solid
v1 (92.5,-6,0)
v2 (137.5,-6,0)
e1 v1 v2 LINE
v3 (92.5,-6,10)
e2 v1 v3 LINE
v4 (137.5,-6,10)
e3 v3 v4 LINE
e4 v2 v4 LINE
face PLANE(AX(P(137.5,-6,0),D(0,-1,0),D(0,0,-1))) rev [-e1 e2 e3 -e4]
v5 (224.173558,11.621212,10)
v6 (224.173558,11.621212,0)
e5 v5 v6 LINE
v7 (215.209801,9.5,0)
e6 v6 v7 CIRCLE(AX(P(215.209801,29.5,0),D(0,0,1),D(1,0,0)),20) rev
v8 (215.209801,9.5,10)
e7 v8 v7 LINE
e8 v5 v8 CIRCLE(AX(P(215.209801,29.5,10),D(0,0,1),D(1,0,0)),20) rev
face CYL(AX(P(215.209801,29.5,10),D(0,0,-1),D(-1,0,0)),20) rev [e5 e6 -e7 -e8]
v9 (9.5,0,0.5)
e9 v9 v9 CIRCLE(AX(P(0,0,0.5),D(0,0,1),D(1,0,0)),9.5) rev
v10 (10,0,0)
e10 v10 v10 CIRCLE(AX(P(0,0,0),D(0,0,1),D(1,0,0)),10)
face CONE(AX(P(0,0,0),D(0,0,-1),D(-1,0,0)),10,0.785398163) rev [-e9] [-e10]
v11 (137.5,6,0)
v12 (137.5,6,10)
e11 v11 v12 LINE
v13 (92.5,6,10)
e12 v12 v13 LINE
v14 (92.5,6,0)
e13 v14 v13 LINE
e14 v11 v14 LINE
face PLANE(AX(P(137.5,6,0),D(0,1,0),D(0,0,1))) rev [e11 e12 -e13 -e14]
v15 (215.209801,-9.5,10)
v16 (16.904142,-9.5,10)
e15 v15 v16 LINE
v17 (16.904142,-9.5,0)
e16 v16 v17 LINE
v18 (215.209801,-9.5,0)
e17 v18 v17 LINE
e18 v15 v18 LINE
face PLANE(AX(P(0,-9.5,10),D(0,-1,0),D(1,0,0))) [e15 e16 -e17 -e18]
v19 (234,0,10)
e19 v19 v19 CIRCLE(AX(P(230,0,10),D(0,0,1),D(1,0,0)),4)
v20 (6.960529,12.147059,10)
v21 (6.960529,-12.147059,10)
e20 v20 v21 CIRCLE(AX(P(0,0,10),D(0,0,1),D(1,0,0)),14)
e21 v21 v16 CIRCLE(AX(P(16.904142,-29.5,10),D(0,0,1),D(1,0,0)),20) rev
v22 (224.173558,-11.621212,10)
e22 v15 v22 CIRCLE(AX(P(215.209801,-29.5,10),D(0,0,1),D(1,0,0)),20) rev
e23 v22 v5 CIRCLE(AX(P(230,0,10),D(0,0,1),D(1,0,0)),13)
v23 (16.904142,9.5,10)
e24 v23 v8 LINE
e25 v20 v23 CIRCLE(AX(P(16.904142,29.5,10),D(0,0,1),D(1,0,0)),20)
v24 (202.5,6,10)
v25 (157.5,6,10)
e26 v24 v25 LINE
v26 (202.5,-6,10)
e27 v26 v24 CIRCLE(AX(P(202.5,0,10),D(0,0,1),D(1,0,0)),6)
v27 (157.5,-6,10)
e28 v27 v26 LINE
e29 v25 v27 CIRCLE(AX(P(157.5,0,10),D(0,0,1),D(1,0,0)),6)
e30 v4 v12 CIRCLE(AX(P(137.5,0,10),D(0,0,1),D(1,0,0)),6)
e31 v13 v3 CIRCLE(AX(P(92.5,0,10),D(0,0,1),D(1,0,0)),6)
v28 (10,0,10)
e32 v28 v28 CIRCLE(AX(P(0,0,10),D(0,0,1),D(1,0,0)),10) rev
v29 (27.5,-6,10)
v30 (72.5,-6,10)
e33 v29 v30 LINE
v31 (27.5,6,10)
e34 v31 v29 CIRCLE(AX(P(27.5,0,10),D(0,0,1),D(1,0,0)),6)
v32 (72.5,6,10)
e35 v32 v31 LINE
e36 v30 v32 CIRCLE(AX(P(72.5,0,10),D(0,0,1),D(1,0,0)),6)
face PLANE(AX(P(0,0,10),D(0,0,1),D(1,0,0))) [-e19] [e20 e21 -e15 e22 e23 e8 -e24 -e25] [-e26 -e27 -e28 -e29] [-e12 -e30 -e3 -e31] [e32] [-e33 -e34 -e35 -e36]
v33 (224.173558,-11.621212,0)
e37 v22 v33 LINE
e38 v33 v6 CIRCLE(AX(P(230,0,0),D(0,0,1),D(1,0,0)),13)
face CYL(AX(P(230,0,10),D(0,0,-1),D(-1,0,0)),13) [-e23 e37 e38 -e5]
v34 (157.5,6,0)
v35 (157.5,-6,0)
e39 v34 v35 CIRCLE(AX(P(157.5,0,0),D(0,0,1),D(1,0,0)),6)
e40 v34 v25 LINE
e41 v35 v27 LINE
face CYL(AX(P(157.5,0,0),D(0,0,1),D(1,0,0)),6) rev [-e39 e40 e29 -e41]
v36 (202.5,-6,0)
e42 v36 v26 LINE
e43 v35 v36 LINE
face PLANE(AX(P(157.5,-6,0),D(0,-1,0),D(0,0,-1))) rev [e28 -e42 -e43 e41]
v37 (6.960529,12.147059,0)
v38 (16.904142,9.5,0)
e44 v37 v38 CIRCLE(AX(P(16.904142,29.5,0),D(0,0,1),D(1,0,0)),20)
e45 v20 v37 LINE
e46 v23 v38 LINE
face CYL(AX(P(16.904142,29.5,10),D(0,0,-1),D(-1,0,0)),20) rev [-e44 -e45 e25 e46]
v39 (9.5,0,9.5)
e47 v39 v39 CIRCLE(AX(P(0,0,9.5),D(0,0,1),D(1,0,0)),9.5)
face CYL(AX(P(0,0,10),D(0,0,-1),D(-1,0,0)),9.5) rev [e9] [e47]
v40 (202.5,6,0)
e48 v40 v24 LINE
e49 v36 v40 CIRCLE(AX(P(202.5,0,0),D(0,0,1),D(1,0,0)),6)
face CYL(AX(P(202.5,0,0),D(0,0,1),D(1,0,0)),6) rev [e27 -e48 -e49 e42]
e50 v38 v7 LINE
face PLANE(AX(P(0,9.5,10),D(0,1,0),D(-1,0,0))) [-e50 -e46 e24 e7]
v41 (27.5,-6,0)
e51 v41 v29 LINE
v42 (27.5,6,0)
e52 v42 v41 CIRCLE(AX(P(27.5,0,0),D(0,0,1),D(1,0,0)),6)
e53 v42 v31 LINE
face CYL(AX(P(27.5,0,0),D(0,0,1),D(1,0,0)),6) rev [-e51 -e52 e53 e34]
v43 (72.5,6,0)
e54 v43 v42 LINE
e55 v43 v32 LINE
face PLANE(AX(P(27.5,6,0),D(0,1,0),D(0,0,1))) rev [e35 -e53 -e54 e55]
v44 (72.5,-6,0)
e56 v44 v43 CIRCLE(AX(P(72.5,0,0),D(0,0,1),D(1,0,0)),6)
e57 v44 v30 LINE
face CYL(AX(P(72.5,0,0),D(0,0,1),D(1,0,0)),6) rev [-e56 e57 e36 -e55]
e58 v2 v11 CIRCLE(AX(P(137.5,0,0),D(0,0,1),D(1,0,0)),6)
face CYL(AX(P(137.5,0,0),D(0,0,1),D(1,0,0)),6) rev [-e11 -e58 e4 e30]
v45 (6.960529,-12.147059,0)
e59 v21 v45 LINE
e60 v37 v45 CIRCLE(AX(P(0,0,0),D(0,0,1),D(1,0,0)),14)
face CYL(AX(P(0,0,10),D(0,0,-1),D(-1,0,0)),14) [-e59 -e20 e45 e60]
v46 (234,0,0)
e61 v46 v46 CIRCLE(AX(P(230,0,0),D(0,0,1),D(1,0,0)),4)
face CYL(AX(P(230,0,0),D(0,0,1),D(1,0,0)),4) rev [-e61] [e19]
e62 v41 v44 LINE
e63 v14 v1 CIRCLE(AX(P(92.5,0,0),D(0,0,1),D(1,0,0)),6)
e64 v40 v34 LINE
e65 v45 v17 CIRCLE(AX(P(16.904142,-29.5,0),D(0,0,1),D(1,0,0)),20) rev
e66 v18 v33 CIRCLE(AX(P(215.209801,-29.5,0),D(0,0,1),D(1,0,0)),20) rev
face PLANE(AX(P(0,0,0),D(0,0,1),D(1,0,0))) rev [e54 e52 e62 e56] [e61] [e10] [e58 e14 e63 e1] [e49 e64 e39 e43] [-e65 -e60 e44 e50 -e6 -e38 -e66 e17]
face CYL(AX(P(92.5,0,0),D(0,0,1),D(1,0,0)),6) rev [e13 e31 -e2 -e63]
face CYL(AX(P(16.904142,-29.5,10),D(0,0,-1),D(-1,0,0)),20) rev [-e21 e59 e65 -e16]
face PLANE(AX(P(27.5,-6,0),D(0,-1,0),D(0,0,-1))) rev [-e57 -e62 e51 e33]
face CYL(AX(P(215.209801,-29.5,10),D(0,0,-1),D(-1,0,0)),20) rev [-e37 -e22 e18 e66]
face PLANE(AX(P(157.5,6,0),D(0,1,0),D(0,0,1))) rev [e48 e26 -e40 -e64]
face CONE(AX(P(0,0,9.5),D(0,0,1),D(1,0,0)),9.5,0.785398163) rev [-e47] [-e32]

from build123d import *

# Parameters (mm, degrees)
SKETCH_1_R          = 9.5
EXTRUDE_1_DEPTH     = 10
CHAMFER_1_SIZE      = 0.5
CUT_EXTRUDE_2_DEPTH = 10
EXTRUDE_START       = -10
SKETCH_3_R          = 9.5
SKETCH_3_R_2        = 4
EXTRUDE_2_DEPTH     = 10
SKETCH_4_R          = 6
CUT_EXTRUDE_3_DEPTH = 10
SKETCH_5_R          = 6
SKETCH_5_R_2        = 4
EXTRUDE_3_DEPTH     = 10


with BuildPart() as part:
    # 草图1 → 凸台-拉伸1 (new body)
    with BuildSketch(Plane.XY):
        with BuildLine():
            Line((16.904141504, -9.5), (212.802616478, -9.5))
            Line((212.802616478, -9.5), (215.209800542, -9.5))
            ThreePointArc((215.209800542, -9.5), (219.815462407, -10.037526396), (224.173557789, -11.621212121))
            ThreePointArc((224.173557789, -11.621212121), (243, 0), (224.173557789, 11.621212121))
            ThreePointArc((224.173557789, 11.621212121), (219.815462407, 10.037526396), (215.209800542, 9.5))
            Line((215.209800542, 9.5), (212.802616478, 9.5))
            Line((212.802616478, 9.5), (16.904141504, 9.5))
            ThreePointArc((16.904141504, 9.5), (11.75918395, 10.173090993), (6.960528855, 12.147058824))
            ThreePointArc((6.960528855, 12.147058824), (-14, 0), (6.960528855, -12.147058824))
            ThreePointArc((6.960528855, -12.147058824), (11.75918395, -10.173090993), (16.904141504, -9.5))
        make_face()
        Circle(SKETCH_1_R, mode=Mode.SUBTRACT)
        with Locations((230, 0)):
            Circle(SKETCH_1_R, mode=Mode.SUBTRACT)
    extrude(amount=EXTRUDE_1_DEPTH)

    # 倒角1
    chamfer_1_edges = [part.edges().sort_by_distance(p)[0] for p in [
        (-9.5, 0, 0),
        (-9.5, 0, 10),
    ]]
    chamfer(chamfer_1_edges, length=CHAMFER_1_SIZE)

    # 草图2 → 切除-拉伸2 (cut)
    with BuildSketch(Plane.XY.offset(10)):
        with BuildLine():
            Line((137.499999918, -6), (92.5, -6))
            ThreePointArc((92.5, -6), (86.5, 0), (92.5, 6))
            Line((92.5, 6), (137.499999918, 6))
            ThreePointArc((137.499999918, 6), (143.499999918, 0), (137.499999918, -6))
        make_face()
        with BuildLine():
            Line((27.5, -6), (72.5, -6))
            ThreePointArc((72.5, -6), (78.5, 0), (72.5, 6))
            Line((72.5, 6), (27.5, 6))
            ThreePointArc((27.5, 6), (21.5, 0), (27.5, -6))
        make_face()
        with BuildLine():
            Line((157.5, -6), (202.5, -6))
            ThreePointArc((202.5, -6), (208.5, 0), (202.5, 6))
            Line((202.5, 6), (157.5, 6))
            ThreePointArc((157.5, 6), (151.5, 0), (157.5, -6))
        make_face()
    extrude(amount=-CUT_EXTRUDE_2_DEPTH, mode=Mode.SUBTRACT)

    # 草图3 → 凸台-拉伸2 (add)
    with BuildSketch(Plane.XY.offset(10).offset(EXTRUDE_START)):
        with Locations((230, 0)):
            Circle(SKETCH_3_R)
        with Locations((230, 0)):
            Circle(SKETCH_3_R_2, mode=Mode.SUBTRACT)
    extrude(amount=EXTRUDE_2_DEPTH)

    # 草图4 → 切除-拉伸3 (cut)
    with BuildSketch(Plane.XY.offset(10)):
        with Locations((230, 0)):
            Circle(SKETCH_4_R)
    extrude(amount=-CUT_EXTRUDE_3_DEPTH, mode=Mode.SUBTRACT)

    # 草图5 → 凸台-拉伸3 (add)
    with BuildSketch(Plane.XY.offset(10)):
        with Locations((230, 0)):
            Circle(SKETCH_5_R)
        with Locations((230, 0)):
            Circle(SKETCH_5_R_2, mode=Mode.SUBTRACT)
    extrude(amount=-EXTRUDE_3_DEPTH)


solid = part.part
